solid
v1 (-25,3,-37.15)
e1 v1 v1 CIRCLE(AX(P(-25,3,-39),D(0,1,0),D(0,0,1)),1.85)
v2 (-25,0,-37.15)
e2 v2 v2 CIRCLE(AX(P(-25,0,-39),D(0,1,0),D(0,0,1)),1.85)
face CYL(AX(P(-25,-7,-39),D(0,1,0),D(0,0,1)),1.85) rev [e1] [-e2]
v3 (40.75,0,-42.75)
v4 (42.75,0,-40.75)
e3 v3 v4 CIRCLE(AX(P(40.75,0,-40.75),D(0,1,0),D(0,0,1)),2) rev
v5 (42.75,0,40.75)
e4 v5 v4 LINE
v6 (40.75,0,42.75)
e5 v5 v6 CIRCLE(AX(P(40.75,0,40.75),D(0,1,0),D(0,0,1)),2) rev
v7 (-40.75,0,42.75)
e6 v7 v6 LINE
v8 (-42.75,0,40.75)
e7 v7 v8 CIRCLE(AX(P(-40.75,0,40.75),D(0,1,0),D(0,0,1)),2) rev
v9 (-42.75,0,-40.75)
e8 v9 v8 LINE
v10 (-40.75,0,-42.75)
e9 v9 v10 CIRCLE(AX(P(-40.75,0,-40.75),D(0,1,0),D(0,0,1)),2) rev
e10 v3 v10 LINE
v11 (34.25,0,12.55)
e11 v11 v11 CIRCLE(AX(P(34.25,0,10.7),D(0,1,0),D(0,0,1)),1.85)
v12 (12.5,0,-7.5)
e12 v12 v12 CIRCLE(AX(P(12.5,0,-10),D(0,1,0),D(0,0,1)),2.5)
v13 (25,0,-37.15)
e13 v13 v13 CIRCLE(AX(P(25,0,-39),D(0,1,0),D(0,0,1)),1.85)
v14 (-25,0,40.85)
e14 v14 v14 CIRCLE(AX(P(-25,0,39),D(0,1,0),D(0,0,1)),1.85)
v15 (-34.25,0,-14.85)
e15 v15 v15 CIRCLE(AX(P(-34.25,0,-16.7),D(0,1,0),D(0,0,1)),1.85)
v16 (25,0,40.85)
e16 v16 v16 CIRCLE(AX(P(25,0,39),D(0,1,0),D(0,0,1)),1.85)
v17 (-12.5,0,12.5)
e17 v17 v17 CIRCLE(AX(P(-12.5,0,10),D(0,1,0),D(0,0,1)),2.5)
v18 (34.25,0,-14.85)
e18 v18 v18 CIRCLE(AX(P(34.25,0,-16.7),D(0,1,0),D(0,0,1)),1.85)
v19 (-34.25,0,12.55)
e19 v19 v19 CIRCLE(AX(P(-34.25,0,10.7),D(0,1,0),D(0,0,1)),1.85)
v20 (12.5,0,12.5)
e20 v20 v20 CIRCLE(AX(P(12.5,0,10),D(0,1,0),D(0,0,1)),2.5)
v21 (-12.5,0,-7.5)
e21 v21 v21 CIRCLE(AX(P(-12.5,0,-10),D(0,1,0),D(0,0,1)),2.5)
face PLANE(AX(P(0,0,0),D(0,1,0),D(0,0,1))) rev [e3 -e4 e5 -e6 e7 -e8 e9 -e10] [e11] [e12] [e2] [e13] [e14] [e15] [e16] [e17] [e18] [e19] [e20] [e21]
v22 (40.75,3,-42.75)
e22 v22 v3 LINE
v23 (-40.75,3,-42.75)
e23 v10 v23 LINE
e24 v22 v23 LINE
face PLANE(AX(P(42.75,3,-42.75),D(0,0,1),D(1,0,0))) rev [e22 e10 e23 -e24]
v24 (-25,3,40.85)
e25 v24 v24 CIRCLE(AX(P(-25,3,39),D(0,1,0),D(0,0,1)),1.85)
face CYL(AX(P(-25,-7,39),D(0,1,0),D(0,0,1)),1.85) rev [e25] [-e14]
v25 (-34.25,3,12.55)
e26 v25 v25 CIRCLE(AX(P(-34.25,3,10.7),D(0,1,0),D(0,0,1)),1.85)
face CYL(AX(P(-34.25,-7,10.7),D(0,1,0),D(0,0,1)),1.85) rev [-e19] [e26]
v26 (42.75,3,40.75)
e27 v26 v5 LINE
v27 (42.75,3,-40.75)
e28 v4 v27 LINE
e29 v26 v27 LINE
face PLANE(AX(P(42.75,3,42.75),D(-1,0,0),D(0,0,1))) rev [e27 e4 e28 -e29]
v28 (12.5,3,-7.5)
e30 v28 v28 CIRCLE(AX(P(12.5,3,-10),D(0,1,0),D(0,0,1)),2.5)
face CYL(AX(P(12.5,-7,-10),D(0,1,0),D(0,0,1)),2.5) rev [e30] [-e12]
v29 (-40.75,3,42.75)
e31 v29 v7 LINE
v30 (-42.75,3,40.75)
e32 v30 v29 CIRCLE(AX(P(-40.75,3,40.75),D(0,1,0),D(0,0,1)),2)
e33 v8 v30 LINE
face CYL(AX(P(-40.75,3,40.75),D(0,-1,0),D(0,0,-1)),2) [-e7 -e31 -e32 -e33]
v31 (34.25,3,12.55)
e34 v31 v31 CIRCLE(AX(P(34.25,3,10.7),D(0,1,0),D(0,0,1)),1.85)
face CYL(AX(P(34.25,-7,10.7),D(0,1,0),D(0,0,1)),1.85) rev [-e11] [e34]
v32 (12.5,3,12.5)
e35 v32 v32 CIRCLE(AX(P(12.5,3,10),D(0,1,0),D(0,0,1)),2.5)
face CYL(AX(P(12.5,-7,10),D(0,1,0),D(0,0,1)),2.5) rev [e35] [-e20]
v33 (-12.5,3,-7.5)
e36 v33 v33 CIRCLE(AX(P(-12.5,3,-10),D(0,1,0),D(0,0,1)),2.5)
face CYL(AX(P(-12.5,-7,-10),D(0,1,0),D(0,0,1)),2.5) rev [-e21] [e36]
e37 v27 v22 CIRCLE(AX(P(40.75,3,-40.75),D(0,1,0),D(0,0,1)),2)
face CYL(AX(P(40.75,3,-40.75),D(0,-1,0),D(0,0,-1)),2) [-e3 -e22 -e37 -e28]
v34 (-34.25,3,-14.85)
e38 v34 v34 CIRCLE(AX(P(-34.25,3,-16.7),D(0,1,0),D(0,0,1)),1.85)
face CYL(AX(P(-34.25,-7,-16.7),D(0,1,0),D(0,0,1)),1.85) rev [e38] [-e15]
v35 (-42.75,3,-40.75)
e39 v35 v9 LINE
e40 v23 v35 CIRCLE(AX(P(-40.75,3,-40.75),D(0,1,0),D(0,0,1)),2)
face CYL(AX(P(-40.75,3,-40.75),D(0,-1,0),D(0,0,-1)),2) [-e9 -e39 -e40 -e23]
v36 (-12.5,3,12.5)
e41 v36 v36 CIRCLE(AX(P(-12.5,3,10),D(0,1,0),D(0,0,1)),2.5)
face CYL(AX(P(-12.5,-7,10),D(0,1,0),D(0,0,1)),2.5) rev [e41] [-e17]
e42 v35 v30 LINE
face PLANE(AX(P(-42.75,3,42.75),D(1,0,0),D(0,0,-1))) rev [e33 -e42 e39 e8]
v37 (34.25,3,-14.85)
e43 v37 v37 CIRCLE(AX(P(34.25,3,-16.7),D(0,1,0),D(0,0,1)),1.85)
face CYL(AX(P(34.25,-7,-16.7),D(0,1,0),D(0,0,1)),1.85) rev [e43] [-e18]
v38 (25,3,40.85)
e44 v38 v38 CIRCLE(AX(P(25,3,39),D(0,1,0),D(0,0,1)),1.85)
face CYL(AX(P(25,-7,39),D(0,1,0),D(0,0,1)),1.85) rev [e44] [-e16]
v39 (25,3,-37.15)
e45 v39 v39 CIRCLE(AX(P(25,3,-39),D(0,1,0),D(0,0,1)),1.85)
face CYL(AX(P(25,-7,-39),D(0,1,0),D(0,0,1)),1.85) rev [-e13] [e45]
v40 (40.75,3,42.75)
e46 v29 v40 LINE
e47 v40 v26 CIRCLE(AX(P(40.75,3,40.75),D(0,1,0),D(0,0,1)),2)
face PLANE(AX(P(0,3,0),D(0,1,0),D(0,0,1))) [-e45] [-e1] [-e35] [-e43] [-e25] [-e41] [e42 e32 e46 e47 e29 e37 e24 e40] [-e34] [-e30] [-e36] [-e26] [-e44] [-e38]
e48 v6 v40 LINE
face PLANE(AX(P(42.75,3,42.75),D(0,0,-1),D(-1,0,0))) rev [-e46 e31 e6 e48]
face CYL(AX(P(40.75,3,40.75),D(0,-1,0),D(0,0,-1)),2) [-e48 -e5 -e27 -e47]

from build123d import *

# Parameters (mm, degrees)
SKETCH1_W           = 85.5
SKETCH1_H           = 85.5
BOSS_EXTRUDE1_DEPTH = 3
FILLET1_R           = 2
SKETCH3_R           = 1.85
CUT_EXTRUDE1_DEPTH  = 10
SKETCH4_R           = 2.5
SKETCH4_R_2         = 1.85
CUT_EXTRUDE2_DEPTH  = 10


with BuildPart() as part:
    # Sketch1 → Boss-Extrude1 (new body)
    with BuildSketch(Plane(origin=(0, 0, 0), x_dir=(1, 0, 0), z_dir=(0, 1, 0))):
        Rectangle(SKETCH1_W, SKETCH1_H)
    extrude(amount=BOSS_EXTRUDE1_DEPTH)

    # Fillet1
    fillet1_edges = [part.edges().sort_by_distance(p)[0] for p in [
        (-42.75, 1.5, -42.75),
        (42.75, 1.5, -42.75),
        (42.75, 1.5, 42.75),
        (-42.75, 1.5, 42.75),
    ]]
    fillet(fillet1_edges, radius=FILLET1_R)

    # Sketch3 → Cut-Extrude1 (cut)
    with BuildSketch(Plane(origin=(0, 3, 0), x_dir=(1, 0, 0), z_dir=(0, 1, 0))):
        with Locations(Location((-25, 39, 0), (0, 0, 270))):
            Circle(SKETCH3_R)
        with Locations(Location((25, 39, 0), (0, 0, 270))):
            Circle(SKETCH3_R)
        with Locations(Location((25, -39, 0), (0, 0, 270))):
            Circle(SKETCH3_R)
        with Locations(Location((-25, -39, 0), (0, 0, 270))):
            Circle(SKETCH3_R)
    extrude(amount=-CUT_EXTRUDE1_DEPTH, mode=Mode.SUBTRACT)

    # Sketch4 → Cut-Extrude2 (cut)
    with BuildSketch(Plane(origin=(0, 3, 0), x_dir=(1, 0, 0), z_dir=(0, 1, 0))):
        with Locations(Location((-12.5, 10, 0), (0, 0, 270))):
            Circle(SKETCH4_R)
        with Locations(Location((-12.5, -10, 0), (0, 0, 270))):
            Circle(SKETCH4_R)
        with Locations(Location((12.5, 10, 0), (0, 0, 270))):
            Circle(SKETCH4_R)
        with Locations(Location((12.5, -10, 0), (0, 0, 270))):
            Circle(SKETCH4_R)
        with Locations(Location((-34.25, 16.7, 0), (0, 0, 270))):
            Circle(SKETCH4_R_2)
        with Locations(Location((-34.25, -10.7, 0), (0, 0, 270))):
            Circle(SKETCH4_R_2)
        with Locations(Location((34.25, -10.7, 0), (0, 0, 270))):
            Circle(SKETCH4_R_2)
        with Locations(Location((34.25, 16.7, 0), (0, 0, 270))):
            Circle(SKETCH4_R_2)
    extrude(amount=-CUT_EXTRUDE2_DEPTH, mode=Mode.SUBTRACT)


solid = part.part
